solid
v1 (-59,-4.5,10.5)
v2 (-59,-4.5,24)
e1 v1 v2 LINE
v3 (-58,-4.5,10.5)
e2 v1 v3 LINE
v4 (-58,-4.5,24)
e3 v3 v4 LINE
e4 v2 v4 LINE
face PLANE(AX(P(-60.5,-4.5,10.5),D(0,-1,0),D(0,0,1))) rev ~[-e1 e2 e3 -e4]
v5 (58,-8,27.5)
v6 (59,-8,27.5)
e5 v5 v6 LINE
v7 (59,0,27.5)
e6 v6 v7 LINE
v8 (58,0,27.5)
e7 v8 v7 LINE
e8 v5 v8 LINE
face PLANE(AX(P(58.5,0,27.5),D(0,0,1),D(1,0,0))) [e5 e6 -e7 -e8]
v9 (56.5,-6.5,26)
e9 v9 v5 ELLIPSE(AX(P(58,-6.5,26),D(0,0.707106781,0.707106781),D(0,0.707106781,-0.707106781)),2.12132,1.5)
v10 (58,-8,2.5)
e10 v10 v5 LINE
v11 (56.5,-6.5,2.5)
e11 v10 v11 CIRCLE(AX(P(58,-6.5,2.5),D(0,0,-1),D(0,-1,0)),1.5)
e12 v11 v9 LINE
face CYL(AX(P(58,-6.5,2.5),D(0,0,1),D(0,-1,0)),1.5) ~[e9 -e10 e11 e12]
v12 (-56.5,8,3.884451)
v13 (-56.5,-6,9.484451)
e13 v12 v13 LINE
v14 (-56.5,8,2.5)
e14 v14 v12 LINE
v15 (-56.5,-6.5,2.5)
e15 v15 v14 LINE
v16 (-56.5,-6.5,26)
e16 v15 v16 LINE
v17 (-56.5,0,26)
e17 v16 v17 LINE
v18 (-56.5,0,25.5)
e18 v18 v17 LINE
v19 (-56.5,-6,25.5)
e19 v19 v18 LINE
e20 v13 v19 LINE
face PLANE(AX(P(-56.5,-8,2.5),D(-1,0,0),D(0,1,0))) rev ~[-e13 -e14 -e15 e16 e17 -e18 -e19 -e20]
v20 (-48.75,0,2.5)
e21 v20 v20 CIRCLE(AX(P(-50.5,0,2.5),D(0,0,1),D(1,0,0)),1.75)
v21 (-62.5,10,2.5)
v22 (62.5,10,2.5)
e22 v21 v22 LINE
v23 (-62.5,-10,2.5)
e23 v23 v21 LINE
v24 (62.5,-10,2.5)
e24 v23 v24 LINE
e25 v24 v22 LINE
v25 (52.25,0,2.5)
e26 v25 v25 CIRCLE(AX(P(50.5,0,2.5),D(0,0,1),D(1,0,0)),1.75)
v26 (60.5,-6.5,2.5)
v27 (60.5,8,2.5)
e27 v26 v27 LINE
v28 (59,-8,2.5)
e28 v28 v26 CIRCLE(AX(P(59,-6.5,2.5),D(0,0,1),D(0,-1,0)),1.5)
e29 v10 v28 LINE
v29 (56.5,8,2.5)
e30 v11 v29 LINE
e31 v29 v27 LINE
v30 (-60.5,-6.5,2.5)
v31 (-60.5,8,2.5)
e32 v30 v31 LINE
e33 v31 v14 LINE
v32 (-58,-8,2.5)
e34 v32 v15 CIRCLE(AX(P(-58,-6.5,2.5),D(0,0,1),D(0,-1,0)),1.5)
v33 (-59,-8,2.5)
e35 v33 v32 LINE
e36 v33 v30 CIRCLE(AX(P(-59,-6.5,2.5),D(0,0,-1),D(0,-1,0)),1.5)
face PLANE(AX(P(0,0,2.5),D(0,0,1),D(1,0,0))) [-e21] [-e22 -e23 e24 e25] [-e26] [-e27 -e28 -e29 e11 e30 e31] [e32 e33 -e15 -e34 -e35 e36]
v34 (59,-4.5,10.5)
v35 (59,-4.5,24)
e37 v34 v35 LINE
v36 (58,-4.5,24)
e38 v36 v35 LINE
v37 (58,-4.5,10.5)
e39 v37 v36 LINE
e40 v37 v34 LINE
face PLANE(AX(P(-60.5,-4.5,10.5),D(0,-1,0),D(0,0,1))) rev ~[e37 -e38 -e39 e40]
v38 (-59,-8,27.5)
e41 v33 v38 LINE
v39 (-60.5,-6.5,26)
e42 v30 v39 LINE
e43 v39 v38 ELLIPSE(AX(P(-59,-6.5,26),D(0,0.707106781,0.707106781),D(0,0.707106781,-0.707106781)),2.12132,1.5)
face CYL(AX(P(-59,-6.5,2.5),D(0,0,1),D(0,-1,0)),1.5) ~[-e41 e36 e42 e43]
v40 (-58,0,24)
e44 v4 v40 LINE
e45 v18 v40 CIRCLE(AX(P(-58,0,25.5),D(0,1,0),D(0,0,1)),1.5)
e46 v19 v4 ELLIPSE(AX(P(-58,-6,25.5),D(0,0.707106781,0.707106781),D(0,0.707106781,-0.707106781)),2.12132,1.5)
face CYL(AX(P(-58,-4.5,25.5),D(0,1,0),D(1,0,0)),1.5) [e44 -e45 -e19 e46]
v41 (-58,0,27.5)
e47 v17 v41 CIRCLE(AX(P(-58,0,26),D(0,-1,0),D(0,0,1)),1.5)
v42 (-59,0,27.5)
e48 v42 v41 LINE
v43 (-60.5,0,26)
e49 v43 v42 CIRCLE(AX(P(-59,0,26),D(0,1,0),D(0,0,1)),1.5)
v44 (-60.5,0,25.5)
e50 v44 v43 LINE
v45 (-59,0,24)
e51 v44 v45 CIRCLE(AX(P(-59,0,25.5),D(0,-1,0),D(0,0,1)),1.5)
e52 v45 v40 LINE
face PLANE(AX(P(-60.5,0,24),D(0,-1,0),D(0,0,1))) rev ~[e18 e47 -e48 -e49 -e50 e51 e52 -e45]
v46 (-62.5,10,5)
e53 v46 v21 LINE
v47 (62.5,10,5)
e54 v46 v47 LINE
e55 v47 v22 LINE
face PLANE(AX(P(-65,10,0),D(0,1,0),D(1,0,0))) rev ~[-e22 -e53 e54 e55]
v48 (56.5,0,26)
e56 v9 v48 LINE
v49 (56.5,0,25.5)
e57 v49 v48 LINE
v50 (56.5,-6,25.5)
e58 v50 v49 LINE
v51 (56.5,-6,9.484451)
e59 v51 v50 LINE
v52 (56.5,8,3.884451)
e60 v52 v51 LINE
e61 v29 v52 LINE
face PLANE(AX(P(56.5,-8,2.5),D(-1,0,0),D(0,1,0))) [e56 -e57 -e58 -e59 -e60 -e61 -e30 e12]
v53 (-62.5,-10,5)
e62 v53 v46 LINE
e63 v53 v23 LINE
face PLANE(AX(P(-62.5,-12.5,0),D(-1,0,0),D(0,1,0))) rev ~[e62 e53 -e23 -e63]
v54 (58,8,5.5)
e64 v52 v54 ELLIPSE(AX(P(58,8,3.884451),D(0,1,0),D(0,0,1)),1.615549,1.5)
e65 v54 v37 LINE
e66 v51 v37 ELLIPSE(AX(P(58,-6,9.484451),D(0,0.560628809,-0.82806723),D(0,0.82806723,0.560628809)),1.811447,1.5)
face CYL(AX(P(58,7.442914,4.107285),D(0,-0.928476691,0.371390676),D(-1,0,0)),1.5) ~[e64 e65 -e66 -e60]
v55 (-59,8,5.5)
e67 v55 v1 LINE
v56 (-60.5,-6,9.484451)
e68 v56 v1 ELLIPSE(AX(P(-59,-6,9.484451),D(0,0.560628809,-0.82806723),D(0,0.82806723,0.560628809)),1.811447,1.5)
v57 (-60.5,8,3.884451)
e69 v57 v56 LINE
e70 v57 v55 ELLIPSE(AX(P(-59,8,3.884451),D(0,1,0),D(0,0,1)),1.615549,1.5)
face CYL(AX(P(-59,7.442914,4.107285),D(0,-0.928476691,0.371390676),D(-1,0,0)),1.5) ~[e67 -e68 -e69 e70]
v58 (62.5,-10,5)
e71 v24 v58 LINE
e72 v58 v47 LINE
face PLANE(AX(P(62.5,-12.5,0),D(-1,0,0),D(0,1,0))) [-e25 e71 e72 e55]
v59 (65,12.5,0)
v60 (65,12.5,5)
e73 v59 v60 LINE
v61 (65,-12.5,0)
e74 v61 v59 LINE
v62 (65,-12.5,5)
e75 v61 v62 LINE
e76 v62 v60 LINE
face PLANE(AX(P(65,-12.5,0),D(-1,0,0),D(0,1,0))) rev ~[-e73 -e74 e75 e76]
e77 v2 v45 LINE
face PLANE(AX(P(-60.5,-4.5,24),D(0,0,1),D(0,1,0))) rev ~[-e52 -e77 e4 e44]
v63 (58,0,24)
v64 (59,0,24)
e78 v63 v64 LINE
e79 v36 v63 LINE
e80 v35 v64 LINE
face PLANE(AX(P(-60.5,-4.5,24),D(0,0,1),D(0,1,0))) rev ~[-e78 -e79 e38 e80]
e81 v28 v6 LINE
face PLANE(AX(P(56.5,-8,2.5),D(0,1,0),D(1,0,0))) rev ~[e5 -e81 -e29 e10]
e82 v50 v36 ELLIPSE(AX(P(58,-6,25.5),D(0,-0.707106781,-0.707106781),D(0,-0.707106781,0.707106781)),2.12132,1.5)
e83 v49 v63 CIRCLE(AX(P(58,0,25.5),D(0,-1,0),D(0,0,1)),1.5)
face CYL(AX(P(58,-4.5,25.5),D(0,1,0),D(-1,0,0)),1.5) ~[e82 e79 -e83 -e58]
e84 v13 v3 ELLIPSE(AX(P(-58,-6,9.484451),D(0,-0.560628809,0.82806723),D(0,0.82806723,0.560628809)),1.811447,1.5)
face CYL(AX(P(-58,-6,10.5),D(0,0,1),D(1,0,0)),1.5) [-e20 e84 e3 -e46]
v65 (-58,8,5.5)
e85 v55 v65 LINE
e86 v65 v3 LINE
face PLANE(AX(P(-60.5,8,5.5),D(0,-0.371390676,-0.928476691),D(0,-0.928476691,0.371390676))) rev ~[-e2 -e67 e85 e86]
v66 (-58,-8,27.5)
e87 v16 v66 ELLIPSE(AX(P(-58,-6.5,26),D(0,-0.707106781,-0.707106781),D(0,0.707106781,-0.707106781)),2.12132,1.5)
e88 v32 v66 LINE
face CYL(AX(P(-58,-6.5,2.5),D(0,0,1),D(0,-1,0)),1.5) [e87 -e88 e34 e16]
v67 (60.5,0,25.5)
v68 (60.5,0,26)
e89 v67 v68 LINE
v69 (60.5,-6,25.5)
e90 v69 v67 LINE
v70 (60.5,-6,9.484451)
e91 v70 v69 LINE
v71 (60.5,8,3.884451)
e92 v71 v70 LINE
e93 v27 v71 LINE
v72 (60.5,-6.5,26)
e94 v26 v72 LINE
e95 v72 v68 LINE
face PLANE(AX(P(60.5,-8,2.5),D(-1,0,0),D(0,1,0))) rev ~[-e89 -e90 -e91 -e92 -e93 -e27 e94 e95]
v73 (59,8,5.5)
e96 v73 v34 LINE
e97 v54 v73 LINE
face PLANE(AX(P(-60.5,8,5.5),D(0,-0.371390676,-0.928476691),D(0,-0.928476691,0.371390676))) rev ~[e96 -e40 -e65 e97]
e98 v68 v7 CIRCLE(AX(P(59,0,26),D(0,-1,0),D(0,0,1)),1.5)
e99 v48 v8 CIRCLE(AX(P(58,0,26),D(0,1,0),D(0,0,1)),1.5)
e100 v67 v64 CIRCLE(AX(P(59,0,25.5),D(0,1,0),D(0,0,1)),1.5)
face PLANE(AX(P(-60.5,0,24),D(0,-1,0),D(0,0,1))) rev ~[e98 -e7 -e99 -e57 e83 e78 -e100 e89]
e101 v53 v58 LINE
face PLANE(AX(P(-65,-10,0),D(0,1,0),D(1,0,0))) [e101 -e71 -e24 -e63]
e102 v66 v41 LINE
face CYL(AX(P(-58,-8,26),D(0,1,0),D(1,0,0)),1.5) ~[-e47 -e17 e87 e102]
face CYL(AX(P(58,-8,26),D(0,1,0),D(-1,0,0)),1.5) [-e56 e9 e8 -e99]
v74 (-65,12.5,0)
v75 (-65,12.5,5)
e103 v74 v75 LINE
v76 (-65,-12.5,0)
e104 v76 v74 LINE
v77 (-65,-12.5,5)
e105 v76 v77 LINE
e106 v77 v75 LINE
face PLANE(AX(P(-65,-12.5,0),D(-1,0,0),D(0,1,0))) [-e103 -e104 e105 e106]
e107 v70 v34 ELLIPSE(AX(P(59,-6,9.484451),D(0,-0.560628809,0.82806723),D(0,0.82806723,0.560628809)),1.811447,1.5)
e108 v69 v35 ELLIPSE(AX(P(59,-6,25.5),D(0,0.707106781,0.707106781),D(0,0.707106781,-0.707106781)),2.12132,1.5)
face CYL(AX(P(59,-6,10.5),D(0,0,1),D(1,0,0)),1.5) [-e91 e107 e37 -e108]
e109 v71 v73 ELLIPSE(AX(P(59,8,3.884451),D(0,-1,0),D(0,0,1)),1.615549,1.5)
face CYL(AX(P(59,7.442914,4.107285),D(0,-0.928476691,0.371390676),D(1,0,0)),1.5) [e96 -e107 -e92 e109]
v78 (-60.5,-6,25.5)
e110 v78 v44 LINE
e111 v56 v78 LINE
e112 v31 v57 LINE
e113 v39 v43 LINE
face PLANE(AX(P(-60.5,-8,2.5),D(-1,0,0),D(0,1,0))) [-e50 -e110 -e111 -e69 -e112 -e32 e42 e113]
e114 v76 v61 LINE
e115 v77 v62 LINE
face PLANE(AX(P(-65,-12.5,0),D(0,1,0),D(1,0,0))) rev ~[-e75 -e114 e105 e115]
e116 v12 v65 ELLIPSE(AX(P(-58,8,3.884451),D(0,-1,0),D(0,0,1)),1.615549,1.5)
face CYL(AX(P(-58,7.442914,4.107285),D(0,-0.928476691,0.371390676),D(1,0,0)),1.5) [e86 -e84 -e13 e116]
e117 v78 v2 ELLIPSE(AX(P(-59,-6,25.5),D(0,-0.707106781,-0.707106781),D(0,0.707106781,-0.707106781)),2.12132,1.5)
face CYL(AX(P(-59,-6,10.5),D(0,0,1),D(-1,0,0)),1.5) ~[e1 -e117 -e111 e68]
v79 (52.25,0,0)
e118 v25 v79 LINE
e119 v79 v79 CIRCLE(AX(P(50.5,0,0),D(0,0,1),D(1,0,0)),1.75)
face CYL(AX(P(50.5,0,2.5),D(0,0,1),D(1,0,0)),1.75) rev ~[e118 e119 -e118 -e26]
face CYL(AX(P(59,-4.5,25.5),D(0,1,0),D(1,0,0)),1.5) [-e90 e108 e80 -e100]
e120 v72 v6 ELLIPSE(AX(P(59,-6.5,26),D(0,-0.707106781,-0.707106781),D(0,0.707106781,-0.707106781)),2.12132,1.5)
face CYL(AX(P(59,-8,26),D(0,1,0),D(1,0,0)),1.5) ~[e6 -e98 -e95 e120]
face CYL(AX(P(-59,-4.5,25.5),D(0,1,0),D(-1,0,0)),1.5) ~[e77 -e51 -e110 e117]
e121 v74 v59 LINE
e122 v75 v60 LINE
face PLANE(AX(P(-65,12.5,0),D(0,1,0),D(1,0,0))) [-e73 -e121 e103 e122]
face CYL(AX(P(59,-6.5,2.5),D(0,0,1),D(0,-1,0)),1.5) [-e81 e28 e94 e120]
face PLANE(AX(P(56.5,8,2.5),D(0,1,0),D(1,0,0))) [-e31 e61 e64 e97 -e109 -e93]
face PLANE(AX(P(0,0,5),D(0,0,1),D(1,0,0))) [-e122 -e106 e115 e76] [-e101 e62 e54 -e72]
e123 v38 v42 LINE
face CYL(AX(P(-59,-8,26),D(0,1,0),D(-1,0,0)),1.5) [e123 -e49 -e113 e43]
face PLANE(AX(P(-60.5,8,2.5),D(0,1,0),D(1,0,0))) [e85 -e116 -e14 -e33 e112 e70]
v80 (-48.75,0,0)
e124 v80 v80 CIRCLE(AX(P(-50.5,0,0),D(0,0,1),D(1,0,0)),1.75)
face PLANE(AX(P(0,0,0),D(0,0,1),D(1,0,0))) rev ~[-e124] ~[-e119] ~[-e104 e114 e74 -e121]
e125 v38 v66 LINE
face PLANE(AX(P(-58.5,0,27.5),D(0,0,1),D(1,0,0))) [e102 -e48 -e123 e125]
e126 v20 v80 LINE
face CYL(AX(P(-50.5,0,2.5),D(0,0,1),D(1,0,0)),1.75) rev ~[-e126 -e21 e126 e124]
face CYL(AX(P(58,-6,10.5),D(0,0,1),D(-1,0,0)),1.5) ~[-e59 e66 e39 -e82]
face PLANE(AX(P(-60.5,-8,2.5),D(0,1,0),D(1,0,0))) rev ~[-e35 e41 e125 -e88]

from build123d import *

# Parameters (mm, degrees)
F0_W      = 130
F0_H      = 25
F1_DEPTH  = 5
F2_T      = -2.5
F3_W      = 4
F3_H      = 16
F4_DEPTH  = 25
F6_DEPTH  = 125.501
F7_R      = 1.5
F8_R      = 1.5
F9_R      = 1.75
F10_DEPTH = 2.501


with BuildPart() as f1:
    # F0 (on Top) → F1 (new body)
    with BuildSketch(Plane.XY):
        Rectangle(F0_W, F0_H)
    extrude(amount=F1_DEPTH)

    # F2
    f2_openings = [f1.faces().sort_by_distance(p)[0] for p in [
        (0, 0, 5),
    ]]
    offset(amount=F2_T, openings=f2_openings)

    # F3 (on face) → F4 (join)
    with BuildSketch(Plane.XY.offset(2.5)):
        with Locations((-58.5, 0)):
            Rectangle(F3_W, F3_H)
        with Locations((58.5, 0)):
            Rectangle(F3_W, F3_H)
    extrude(amount=F4_DEPTH)

    # F5 (on face) → F6 (cut, through all)
    with BuildSketch(Plane(origin=(-60.5, 0, 0), x_dir=(0, -1, 0), z_dir=(-1, 0, 0))):
        Polygon((0, 24), (0, 27.5), (-8, 27.5), (-8, 5.5), (4.5, 10.5), (4.5, 24), align=None)
    extrude(amount=-F6_DEPTH, mode=Mode.SUBTRACT)

    # F7
    f7_edges = [f1.edges().sort_by_distance(p)[0] for p in [
        (-60.5, -2.25, 24),
        (-60.5, -4, 27.5),
        (-56.5, -4, 27.5),
        (-56.5, -2.25, 24),
        (-60.5, -4.5, 17.25),
        (-56.5, -4.5, 17.25),
        (-60.5, -8, 15),
        (-56.5, -8, 15),
        (-60.5, 1.75, 8),
        (-56.5, 1.75, 8),
    ]]
    fillet(f7_edges, radius=F7_R)

    # F8
    f8_edges = [f1.edges().sort_by_distance(p)[0] for p in [
        (60.5, -4, 27.5),
        (56.5, -4, 27.5),
        (60.5, -2.25, 24),
        (60.5, -4.5, 17.25),
        (60.5, -8, 15),
        (60.5, 1.75, 8),
        (56.5, -8, 15),
        (56.5, -4.5, 17.25),
        (56.5, -2.25, 24),
        (56.5, 1.75, 8),
    ]]
    fillet(f8_edges, radius=F8_R)

    # F9 (on face) → F10 (cut, through all)
    with BuildSketch(Plane.XY.offset(2.5)):
        with Locations((-50.5, 0)):
            Circle(F9_R)
        with Locations((50.5, 0)):
            Circle(F9_R)
    extrude(amount=-F10_DEPTH, mode=Mode.SUBTRACT)


solid = f1.part
